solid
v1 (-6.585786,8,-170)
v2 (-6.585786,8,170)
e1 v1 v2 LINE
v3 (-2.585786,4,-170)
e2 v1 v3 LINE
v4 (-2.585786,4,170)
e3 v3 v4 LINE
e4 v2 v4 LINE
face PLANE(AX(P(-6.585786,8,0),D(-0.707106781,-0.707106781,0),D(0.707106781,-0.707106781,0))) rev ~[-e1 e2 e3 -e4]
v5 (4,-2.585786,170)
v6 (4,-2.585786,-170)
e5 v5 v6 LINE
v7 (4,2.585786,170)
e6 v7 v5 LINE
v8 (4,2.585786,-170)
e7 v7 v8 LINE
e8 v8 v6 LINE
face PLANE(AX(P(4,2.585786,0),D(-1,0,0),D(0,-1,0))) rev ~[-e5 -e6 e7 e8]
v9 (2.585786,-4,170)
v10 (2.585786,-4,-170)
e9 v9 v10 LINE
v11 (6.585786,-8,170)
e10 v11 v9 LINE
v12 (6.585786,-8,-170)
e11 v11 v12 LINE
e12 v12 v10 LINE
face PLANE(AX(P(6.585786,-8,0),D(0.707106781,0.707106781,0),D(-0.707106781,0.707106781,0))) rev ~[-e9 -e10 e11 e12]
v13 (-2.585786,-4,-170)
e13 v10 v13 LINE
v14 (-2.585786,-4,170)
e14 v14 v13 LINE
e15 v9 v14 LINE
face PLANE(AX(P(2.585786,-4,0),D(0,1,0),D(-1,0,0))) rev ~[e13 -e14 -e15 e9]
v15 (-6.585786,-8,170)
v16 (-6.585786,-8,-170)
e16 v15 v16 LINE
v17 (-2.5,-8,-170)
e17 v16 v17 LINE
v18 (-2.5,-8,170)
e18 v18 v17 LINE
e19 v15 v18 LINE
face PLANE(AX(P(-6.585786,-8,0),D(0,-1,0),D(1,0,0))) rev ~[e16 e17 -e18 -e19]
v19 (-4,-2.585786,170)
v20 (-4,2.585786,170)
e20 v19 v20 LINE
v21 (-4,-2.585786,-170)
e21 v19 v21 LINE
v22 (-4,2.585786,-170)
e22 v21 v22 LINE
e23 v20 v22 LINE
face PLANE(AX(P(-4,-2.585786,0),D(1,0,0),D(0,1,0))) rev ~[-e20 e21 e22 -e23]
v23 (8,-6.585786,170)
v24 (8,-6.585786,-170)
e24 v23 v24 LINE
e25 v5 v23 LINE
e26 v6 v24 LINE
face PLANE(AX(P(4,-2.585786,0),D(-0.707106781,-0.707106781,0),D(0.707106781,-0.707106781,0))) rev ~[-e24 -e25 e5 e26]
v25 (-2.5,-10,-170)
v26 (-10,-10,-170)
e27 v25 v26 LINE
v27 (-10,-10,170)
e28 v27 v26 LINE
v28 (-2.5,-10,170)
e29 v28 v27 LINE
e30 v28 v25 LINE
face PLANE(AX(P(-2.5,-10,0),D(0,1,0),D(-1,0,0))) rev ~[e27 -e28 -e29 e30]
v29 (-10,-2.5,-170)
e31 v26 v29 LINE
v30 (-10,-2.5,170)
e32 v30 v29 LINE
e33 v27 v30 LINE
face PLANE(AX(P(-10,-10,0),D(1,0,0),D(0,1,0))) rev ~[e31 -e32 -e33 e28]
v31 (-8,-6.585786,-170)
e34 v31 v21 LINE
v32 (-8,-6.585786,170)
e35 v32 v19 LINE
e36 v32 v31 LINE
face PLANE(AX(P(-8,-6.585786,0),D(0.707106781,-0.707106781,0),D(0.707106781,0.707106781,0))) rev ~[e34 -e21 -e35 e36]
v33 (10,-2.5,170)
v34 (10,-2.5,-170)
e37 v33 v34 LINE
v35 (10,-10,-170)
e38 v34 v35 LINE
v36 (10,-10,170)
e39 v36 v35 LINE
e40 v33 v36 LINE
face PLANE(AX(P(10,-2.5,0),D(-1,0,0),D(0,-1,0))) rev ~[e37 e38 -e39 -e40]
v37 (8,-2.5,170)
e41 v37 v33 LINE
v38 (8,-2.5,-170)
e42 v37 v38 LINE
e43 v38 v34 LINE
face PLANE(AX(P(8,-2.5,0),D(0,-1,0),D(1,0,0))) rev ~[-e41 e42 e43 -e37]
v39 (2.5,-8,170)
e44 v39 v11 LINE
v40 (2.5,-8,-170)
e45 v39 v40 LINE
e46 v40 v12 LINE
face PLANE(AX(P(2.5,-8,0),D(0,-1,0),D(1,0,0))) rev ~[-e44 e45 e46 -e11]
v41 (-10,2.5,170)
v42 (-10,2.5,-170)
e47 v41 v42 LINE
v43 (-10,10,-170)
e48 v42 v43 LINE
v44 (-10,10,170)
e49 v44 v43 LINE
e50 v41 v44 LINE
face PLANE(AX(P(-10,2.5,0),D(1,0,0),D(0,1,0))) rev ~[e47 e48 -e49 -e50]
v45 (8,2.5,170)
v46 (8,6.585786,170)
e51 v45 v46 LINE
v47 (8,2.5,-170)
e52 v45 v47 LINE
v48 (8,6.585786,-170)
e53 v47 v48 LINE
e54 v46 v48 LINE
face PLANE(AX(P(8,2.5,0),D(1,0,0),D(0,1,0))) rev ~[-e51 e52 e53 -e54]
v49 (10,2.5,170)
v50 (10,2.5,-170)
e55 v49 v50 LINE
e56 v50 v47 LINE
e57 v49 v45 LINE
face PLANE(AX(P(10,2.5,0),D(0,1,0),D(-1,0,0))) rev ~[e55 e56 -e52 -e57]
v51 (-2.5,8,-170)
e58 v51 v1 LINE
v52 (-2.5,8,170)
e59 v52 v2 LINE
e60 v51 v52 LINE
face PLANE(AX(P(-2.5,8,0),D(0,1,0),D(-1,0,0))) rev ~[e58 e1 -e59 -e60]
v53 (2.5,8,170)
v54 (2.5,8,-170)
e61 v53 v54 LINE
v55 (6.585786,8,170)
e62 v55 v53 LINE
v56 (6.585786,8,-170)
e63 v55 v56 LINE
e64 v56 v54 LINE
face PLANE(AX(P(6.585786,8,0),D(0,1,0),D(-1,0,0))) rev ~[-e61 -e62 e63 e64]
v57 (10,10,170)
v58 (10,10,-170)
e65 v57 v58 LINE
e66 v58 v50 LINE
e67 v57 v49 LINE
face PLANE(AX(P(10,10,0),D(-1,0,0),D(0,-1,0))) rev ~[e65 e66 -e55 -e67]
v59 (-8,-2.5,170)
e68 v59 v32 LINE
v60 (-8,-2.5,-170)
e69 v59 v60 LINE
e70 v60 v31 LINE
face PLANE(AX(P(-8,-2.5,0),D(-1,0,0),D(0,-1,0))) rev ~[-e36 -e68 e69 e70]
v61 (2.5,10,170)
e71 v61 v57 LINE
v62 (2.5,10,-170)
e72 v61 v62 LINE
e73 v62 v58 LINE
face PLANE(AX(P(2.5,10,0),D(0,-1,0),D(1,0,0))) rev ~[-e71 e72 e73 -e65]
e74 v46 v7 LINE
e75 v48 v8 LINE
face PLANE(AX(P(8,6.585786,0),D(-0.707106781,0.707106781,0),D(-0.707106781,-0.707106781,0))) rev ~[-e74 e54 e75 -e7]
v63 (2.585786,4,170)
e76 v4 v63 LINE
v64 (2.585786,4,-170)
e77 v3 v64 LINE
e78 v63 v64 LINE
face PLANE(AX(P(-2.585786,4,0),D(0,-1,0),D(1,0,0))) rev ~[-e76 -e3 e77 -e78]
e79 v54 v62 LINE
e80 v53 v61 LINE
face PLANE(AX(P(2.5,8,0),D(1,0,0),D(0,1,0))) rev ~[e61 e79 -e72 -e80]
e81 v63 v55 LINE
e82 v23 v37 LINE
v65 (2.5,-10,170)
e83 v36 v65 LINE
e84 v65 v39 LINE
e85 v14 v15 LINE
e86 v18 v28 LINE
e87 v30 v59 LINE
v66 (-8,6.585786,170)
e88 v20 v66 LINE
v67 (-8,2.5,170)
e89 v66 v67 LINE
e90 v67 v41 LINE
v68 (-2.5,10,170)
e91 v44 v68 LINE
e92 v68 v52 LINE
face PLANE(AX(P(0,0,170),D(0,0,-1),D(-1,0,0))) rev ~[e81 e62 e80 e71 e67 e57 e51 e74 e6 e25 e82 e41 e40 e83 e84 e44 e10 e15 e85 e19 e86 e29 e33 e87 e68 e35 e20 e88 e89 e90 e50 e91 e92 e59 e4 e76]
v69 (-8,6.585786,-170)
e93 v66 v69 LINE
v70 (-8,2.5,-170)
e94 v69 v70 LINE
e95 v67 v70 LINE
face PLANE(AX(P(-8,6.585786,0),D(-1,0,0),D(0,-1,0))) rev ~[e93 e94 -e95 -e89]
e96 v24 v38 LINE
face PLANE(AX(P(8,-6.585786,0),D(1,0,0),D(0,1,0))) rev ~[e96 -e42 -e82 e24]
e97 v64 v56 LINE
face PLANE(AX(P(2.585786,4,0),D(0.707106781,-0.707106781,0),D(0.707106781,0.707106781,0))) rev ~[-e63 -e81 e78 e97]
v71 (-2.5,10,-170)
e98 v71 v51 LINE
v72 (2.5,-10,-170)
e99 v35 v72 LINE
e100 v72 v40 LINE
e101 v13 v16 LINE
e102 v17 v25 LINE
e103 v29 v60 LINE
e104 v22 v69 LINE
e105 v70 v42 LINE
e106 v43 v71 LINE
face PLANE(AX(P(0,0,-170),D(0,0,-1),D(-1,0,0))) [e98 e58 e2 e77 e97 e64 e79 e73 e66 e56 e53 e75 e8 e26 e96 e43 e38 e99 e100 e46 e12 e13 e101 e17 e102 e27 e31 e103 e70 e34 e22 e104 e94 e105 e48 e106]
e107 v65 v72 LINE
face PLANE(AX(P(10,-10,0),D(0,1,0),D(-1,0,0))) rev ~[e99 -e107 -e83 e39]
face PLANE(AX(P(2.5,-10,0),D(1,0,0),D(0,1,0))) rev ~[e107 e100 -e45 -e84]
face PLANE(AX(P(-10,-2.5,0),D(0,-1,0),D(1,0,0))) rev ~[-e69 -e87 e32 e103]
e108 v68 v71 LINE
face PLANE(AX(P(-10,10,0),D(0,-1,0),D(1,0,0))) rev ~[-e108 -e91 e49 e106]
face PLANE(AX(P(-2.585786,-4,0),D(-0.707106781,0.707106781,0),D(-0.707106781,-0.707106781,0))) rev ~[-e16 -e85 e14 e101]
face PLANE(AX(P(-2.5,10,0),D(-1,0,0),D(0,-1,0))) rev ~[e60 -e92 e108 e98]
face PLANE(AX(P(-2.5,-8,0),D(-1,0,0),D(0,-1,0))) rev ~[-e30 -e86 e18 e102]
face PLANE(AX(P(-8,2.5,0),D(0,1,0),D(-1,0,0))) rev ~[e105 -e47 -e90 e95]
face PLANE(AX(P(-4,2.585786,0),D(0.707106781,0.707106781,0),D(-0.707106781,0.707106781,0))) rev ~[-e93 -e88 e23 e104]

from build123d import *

# Parameters (mm, degrees)
BOSS_EXTRUDE1_DEPTH = 170


with BuildPart() as part:
    # Sketch1 → Boss-Extrude1 (new body, symmetric)
    with BuildSketch(Plane.XY):
        Polygon((-2.585786438, 4), (2.585786438, 4), (6.585786438, 8), (2.5, 8), (2.5, 10), (10, 10), (10, 2.5), (8, 2.5), (8, 6.585786438), (4, 2.585786438), (4, -2.585786438), (8, -6.585786438), (8, -2.5), (10, -2.5), (10, -10), (2.5, -10), (2.5, -8), (6.585786438, -8), (2.585786438, -4), (-2.585786438, -4), (-6.585786438, -8), (-2.5, -8), (-2.5, -10), (-10, -10), (-10, -2.5), (-8, -2.5), (-8, -6.585786438), (-4, -2.585786438), (-4, 2.585786438), (-8, 6.585786438), (-8, 2.5), (-10, 2.5), (-10, 10), (-2.5, 10), (-2.5, 8), (-6.585786438, 8), align=None)
    extrude(amount=BOSS_EXTRUDE1_DEPTH, both=True)


solid = part.part
